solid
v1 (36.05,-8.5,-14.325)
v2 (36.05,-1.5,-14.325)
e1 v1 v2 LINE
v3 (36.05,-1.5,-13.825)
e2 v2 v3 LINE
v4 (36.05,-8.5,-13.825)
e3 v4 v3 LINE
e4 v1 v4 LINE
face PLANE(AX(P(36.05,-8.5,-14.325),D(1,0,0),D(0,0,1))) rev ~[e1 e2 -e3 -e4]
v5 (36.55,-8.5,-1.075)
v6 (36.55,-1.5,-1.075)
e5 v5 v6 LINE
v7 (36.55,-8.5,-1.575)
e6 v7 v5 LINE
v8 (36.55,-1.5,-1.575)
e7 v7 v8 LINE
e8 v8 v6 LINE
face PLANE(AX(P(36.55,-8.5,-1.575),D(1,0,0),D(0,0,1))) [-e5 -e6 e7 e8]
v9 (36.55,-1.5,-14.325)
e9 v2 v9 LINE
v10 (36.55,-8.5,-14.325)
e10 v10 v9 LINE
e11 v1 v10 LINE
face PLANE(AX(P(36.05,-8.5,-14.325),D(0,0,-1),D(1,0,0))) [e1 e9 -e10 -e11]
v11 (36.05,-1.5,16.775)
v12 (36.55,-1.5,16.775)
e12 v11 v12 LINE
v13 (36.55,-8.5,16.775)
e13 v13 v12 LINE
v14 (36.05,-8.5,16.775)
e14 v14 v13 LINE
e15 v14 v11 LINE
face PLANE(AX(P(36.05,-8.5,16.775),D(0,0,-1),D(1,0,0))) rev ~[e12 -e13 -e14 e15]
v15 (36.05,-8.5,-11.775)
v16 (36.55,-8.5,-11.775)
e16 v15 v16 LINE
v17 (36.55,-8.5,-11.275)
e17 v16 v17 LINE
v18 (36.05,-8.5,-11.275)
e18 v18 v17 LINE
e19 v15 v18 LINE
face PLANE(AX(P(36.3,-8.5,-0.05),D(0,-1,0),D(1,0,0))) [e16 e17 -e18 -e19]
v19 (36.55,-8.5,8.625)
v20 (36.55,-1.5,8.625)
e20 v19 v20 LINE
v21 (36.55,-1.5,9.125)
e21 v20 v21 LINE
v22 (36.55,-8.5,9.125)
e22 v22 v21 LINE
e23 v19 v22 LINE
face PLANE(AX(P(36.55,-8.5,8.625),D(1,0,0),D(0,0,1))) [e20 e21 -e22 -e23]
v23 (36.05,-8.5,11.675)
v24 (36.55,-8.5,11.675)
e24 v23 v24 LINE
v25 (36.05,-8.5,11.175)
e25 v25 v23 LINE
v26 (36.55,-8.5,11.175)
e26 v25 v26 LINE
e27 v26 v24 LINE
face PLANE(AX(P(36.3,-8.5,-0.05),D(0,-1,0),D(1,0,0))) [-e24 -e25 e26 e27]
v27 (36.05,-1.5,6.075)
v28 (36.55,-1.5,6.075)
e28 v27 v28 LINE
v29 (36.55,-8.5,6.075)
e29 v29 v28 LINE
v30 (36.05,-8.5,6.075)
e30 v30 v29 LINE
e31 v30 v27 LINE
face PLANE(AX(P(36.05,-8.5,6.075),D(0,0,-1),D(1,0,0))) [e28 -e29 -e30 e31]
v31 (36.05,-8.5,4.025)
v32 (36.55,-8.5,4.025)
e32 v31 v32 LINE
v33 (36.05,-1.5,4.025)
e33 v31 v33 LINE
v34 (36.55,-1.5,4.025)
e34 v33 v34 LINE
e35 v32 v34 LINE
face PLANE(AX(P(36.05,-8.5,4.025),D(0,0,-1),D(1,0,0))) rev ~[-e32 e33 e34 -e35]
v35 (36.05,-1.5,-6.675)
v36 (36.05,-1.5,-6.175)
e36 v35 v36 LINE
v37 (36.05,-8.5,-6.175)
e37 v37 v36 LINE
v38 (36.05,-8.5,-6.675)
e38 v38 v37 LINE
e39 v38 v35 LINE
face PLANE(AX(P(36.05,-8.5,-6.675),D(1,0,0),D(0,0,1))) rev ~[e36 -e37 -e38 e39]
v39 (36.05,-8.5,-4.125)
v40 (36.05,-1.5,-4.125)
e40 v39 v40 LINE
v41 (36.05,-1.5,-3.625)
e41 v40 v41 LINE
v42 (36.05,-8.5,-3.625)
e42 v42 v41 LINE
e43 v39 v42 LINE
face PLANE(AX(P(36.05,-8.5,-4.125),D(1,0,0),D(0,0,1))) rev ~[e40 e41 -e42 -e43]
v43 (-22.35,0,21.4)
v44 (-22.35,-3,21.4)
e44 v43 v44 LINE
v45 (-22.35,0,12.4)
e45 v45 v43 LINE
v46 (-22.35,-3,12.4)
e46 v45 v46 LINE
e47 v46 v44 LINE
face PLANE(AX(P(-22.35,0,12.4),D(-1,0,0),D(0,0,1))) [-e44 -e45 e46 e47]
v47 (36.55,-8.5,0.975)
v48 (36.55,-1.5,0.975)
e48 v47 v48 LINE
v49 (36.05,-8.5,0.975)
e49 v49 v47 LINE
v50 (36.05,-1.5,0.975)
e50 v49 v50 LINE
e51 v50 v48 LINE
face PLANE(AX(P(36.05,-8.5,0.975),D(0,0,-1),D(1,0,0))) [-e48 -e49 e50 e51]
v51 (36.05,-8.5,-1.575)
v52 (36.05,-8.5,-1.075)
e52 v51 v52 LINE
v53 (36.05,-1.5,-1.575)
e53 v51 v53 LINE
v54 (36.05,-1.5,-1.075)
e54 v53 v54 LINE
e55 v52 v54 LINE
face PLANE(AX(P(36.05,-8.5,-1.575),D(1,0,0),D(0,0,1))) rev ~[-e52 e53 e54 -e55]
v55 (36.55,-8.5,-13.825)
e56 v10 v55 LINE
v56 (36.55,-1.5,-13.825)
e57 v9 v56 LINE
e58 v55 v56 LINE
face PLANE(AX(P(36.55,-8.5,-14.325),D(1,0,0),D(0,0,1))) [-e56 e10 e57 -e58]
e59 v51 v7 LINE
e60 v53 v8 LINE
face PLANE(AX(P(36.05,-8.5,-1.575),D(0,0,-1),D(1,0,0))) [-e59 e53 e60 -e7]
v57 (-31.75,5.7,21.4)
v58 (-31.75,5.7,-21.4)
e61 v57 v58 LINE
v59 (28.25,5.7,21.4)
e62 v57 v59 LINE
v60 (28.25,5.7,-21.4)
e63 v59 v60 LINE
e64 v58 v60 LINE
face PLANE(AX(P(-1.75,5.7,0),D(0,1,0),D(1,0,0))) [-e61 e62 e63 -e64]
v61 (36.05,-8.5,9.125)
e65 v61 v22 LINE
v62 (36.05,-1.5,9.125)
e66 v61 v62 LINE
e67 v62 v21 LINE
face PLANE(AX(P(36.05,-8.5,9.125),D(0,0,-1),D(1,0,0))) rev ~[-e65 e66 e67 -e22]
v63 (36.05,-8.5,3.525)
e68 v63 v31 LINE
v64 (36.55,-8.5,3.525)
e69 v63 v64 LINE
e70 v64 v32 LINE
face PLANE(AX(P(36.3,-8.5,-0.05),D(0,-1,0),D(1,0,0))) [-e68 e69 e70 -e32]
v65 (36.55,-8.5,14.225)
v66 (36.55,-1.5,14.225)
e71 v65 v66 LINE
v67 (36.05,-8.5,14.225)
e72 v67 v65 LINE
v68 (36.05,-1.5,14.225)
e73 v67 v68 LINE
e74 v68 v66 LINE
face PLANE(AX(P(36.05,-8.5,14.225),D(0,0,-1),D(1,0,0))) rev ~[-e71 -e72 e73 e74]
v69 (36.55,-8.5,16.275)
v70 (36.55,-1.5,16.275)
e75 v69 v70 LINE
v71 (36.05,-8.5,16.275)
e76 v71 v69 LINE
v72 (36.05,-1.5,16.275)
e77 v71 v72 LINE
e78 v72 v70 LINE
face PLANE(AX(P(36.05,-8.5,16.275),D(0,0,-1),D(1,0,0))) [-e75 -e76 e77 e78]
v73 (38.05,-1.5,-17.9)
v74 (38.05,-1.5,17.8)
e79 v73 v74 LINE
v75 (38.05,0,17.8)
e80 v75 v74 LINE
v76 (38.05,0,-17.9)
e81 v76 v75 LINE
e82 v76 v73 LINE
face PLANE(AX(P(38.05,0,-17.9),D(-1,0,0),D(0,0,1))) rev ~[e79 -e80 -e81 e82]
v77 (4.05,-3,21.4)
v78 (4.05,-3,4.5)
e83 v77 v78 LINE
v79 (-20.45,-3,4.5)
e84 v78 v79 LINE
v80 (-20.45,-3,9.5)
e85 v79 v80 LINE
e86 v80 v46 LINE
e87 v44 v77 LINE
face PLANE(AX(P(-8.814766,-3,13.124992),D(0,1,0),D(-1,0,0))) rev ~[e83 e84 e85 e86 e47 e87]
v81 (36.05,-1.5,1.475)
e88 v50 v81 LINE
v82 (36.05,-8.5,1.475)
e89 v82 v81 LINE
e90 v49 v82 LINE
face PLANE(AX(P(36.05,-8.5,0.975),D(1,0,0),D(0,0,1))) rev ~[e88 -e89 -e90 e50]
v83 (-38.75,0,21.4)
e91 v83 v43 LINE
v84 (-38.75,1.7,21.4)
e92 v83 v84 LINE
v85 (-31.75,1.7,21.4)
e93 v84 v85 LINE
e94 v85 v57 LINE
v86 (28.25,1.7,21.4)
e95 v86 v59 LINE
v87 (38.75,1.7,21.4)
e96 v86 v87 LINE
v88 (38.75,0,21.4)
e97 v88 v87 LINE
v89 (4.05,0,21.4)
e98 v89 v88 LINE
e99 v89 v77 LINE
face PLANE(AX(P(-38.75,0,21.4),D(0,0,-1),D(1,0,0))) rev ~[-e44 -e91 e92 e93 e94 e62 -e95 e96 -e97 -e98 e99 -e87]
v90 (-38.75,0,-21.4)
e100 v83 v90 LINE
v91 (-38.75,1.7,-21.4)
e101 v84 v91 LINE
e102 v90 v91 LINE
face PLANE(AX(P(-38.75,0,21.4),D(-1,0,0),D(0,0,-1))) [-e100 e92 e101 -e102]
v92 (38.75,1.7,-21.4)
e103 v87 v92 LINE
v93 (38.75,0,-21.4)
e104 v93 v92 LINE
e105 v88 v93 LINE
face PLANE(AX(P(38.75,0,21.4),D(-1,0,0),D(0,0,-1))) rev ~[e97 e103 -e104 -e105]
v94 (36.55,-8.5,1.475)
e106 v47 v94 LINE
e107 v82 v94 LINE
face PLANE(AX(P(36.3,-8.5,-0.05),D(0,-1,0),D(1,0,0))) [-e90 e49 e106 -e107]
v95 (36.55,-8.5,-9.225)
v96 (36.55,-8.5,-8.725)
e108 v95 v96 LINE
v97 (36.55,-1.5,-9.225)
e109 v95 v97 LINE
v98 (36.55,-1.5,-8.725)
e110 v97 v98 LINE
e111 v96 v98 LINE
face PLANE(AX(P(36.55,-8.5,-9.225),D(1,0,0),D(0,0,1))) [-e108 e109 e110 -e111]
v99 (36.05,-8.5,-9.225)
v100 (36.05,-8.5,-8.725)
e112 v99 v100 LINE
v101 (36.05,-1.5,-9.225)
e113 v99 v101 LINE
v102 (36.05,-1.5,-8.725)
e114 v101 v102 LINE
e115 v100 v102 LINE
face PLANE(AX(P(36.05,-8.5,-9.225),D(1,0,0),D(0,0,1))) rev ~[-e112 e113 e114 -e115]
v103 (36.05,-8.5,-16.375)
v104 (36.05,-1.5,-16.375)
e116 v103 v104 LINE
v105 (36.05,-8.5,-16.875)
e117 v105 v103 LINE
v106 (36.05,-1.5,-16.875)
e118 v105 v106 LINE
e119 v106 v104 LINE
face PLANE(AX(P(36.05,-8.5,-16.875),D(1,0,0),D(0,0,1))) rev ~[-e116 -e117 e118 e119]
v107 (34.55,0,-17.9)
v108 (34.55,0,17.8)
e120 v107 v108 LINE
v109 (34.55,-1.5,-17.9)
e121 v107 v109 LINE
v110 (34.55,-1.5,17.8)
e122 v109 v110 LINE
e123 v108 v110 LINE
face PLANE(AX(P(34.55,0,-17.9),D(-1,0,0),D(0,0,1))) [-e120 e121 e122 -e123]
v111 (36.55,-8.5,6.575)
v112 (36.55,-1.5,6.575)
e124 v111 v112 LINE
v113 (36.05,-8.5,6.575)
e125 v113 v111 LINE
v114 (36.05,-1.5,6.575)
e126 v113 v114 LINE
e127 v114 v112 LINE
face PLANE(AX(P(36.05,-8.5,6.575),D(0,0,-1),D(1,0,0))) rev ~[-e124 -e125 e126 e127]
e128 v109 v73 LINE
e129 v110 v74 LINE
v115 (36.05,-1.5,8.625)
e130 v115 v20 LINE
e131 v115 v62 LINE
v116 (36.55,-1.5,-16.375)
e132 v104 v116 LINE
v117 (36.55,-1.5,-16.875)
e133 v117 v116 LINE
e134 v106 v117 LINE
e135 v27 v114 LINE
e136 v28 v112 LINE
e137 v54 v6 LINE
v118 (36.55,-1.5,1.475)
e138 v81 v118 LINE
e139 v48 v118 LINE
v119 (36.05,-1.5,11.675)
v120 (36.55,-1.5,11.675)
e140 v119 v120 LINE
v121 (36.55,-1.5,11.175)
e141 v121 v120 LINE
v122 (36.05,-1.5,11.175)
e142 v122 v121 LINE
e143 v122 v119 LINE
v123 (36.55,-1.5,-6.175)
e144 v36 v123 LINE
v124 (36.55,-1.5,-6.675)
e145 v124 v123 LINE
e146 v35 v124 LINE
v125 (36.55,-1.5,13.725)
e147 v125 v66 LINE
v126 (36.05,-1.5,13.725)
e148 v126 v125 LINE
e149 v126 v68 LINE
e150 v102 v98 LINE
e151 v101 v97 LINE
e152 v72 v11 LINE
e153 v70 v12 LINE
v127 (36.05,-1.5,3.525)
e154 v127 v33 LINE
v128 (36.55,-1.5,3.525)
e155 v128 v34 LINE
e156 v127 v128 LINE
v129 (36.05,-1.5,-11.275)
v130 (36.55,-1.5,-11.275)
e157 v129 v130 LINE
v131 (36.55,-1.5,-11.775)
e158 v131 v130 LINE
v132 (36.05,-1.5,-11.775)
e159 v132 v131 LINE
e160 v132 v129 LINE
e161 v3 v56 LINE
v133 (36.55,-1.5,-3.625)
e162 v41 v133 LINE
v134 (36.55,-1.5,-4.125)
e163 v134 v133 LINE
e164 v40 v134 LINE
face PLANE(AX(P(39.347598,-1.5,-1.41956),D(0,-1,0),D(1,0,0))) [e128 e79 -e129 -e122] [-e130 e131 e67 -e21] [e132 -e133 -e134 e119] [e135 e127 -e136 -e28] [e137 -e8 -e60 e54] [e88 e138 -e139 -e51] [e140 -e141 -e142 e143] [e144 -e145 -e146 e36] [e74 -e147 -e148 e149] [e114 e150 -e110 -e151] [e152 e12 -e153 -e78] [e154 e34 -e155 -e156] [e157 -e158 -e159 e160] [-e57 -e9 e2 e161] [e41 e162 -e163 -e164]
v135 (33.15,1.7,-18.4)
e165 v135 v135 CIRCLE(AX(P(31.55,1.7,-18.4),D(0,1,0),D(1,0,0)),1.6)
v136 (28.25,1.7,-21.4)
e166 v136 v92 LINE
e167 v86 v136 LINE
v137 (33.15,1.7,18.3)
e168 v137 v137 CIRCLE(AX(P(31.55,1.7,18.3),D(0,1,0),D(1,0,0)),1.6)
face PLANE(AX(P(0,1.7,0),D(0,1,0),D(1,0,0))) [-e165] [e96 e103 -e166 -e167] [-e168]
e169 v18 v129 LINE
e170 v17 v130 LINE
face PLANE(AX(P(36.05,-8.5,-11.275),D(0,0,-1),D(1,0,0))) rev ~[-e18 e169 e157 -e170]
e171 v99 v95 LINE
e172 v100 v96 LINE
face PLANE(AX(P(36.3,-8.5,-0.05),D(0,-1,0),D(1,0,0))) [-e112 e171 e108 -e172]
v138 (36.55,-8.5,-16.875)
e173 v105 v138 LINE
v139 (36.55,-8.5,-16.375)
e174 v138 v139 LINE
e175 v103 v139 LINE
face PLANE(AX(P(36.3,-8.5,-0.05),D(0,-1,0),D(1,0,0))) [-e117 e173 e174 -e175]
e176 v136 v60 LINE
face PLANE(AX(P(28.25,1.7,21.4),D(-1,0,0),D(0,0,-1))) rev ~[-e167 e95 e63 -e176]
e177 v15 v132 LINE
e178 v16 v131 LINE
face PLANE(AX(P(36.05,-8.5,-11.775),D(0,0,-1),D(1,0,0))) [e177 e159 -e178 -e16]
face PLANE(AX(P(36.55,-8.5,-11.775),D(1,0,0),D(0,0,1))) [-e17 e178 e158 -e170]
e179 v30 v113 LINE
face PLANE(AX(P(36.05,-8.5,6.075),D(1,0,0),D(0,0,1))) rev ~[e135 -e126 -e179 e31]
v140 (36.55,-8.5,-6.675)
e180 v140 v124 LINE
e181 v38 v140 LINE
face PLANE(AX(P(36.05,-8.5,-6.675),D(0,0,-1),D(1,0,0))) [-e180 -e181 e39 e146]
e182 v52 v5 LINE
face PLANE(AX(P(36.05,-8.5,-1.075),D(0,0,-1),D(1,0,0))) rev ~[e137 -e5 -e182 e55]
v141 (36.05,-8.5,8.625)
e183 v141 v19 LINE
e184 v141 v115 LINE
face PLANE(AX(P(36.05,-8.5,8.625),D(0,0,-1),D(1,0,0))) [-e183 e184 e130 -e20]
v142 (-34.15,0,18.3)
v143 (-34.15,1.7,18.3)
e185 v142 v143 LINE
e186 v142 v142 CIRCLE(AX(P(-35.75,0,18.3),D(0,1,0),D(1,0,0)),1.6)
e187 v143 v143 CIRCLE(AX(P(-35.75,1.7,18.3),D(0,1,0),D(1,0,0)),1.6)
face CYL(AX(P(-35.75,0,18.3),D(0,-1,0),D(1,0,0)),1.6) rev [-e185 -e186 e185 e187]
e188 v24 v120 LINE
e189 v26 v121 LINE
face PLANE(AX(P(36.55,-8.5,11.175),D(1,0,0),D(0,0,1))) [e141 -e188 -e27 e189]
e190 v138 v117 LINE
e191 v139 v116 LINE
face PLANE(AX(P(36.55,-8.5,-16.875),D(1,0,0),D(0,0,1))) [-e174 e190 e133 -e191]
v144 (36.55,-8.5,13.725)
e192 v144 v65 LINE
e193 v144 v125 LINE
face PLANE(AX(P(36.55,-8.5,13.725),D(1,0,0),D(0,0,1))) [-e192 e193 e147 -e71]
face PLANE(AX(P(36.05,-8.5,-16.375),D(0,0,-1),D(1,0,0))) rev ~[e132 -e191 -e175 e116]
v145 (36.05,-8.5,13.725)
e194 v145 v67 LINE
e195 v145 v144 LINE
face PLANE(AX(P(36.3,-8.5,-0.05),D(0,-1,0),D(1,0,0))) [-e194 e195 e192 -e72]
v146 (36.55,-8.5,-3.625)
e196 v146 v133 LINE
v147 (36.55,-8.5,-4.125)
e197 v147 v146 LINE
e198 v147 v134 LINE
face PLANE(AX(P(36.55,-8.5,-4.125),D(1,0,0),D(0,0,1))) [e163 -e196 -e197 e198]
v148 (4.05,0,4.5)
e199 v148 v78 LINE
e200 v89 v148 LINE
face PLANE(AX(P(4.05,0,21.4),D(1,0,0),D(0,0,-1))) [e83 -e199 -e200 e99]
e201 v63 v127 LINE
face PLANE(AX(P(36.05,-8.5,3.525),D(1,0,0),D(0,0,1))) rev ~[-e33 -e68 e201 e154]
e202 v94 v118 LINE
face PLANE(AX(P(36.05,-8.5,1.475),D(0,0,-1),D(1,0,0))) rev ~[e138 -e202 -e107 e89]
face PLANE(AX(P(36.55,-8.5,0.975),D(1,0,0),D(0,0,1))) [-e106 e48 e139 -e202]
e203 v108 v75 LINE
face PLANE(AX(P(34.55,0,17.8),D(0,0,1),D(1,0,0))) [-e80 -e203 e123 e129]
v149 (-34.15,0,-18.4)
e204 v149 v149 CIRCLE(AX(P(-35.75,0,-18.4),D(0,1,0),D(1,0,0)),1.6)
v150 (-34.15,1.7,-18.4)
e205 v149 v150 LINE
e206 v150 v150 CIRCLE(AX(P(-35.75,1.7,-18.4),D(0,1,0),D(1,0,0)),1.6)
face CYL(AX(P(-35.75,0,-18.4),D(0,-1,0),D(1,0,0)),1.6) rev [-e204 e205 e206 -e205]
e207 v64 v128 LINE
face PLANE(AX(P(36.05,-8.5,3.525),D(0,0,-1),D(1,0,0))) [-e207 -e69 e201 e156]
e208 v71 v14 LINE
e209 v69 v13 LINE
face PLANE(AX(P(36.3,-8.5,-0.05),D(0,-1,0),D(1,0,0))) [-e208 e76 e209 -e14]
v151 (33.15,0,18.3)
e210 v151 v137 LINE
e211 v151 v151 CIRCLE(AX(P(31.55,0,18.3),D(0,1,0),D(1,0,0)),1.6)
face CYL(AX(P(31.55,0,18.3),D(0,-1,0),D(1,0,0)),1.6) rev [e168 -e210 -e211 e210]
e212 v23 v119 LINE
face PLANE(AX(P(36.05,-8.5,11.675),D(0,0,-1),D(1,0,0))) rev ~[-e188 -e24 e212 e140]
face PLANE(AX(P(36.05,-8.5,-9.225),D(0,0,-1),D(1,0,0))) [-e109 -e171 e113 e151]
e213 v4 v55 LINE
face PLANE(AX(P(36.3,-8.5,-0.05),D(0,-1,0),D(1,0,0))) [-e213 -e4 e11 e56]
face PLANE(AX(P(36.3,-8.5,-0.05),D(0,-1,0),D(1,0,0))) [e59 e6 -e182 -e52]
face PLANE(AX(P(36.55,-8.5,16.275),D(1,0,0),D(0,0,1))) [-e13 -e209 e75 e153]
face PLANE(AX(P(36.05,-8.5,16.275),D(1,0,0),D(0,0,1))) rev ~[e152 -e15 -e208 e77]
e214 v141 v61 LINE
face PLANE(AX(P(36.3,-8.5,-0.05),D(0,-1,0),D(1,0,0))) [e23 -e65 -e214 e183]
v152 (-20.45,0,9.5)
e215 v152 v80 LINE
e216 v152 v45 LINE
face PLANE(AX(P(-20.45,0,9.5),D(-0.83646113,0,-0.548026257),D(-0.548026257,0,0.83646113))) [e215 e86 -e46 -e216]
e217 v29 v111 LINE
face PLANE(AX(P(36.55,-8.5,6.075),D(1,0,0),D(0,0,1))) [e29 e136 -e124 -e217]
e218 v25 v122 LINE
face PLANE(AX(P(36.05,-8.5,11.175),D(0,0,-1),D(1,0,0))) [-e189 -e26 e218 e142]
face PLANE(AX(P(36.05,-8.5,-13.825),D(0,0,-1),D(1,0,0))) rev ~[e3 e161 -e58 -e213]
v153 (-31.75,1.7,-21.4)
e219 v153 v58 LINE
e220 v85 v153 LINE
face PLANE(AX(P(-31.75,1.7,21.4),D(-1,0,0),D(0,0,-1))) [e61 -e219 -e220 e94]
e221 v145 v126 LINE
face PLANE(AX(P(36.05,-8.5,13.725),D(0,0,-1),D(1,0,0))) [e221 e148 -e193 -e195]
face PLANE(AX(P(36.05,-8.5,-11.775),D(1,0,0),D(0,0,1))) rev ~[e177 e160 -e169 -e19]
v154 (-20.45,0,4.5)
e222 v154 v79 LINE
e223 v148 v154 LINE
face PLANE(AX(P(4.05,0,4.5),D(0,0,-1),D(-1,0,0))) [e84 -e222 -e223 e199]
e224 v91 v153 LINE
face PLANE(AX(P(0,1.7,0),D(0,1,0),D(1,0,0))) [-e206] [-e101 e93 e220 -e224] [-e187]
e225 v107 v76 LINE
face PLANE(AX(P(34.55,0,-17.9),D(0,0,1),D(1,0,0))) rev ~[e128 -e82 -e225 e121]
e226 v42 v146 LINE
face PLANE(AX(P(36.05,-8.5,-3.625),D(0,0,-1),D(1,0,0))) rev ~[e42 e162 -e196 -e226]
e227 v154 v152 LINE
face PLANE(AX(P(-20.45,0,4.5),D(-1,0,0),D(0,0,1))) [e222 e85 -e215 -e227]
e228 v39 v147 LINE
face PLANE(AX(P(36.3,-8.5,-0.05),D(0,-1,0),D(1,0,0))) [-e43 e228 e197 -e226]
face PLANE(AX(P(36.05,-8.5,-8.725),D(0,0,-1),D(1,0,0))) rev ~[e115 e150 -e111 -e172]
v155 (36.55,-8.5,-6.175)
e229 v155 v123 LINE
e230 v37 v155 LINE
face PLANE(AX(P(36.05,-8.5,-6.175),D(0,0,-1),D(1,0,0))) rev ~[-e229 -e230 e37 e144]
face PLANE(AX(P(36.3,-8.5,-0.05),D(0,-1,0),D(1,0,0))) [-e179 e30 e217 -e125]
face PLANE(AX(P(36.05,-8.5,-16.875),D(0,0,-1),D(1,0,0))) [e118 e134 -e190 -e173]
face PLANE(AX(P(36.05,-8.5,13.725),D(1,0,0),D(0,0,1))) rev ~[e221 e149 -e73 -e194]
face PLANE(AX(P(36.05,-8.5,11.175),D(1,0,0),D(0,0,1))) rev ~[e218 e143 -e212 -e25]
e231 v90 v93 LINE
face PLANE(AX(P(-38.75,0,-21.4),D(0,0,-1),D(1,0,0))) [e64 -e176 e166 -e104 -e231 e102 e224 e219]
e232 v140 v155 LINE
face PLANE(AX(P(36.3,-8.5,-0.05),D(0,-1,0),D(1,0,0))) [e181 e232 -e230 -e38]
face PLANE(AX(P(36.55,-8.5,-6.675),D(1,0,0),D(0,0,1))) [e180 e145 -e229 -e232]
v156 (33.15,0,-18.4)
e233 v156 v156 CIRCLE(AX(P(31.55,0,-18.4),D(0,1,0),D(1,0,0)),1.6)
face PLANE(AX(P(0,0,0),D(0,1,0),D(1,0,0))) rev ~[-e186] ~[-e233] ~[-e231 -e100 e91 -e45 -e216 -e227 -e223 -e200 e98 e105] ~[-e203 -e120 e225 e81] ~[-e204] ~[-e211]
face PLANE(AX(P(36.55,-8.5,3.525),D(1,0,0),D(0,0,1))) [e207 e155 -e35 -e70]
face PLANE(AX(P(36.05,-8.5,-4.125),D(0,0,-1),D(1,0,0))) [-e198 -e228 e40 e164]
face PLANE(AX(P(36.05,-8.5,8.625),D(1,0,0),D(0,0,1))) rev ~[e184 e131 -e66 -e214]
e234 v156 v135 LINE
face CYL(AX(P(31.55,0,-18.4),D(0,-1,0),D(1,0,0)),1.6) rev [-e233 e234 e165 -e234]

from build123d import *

# Parameters (mm, degrees)
SZKIC1_W                    = 77.5
SZKIC1_H                    = 42.8
SZKIC1_R                    = 1.6
DODANIE_WYCI_GNI_CIE1_DEPTH = 1.7
SZKIC2_W                    = 60
SZKIC2_H                    = 42.8
DODANIE_WYCI_GNI_CIE2_DEPTH = 4
DODANIE_WYCI_GNI_CIE3_DEPTH = 3
SZKIC4_W                    = 3.5
SZKIC4_H                    = 35.7
DODANIE_WYCI_GNI_CIE4_DEPTH = 8.5
SZKIC5_W                    = 20.589223083
SZKIC5_H                    = 59.264583933
SZKIC5_W_2                  = 0.5
SZKIC5_H_2                  = 0.5
WYTNIJ_WYCI_GNI_CIE1_DEPTH  = 7


with BuildPart() as part:
    # Szkic1 → Dodanie-wyciągnięcie1 (new body)
    with BuildSketch(Plane(origin=(0, 0, 0), x_dir=(1, 0, 0), z_dir=(0, 1, 0))):
        Rectangle(SZKIC1_W, SZKIC1_H)
        with Locations((-35.75, 18.4)):
            Circle(SZKIC1_R, mode=Mode.SUBTRACT)
        with Locations((31.55, 18.4)):
            Circle(SZKIC1_R, mode=Mode.SUBTRACT)
        with Locations((31.55, -18.3)):
            Circle(SZKIC1_R, mode=Mode.SUBTRACT)
        with Locations((-35.75, -18.3)):
            Circle(SZKIC1_R, mode=Mode.SUBTRACT)
    extrude(amount=DODANIE_WYCI_GNI_CIE1_DEPTH)

    # Szkic2 → Dodanie-wyciągnięcie2 (add)
    with BuildSketch(Plane(origin=(0, 1.7, 0), x_dir=(1, 0, 0), z_dir=(0, 1, 0))):
        with Locations((-1.75, 0)):
            Rectangle(SZKIC2_W, SZKIC2_H)
    extrude(amount=DODANIE_WYCI_GNI_CIE2_DEPTH)

    # Szkic3 → Dodanie-wyciągnięcie3 (add)
    with BuildSketch(Plane.XZ):
        Polygon((4.05, 21.4), (4.05, 4.5), (-20.45, 4.5), (-20.45, 9.5), (-22.35, 12.4), (-22.35, 21.4), align=None)
    extrude(amount=DODANIE_WYCI_GNI_CIE3_DEPTH)

    # Szkic4 → Dodanie-wyciągnięcie4 (add)
    with BuildSketch(Plane.XZ):
        with Locations((36.3, -0.05)):
            Rectangle(SZKIC4_W, SZKIC4_H)
    extrude(amount=DODANIE_WYCI_GNI_CIE4_DEPTH)

    # Szkic5 → Wytnij-wyciągnięcie1 (cut)
    with BuildSketch(Plane.XZ.offset(8.5)):
        with Locations((39.347598483, -1.41955971)):
            Rectangle(SZKIC5_W, SZKIC5_H)
        with Locations((36.3, 16.525)):
            Rectangle(SZKIC5_W_2, SZKIC5_H_2, mode=Mode.SUBTRACT)
        with Locations((36.3, 13.975)):
            Rectangle(SZKIC5_W_2, SZKIC5_H_2, mode=Mode.SUBTRACT)
        with Locations((36.3, 11.425)):
            Rectangle(SZKIC5_W_2, SZKIC5_H_2, mode=Mode.SUBTRACT)
        with Locations((36.3, 8.875)):
            Rectangle(SZKIC5_W_2, SZKIC5_H_2, mode=Mode.SUBTRACT)
        with Locations((36.3, 6.325)):
            Rectangle(SZKIC5_W_2, SZKIC5_H_2, mode=Mode.SUBTRACT)
        with Locations((36.3, 3.775)):
            Rectangle(SZKIC5_W_2, SZKIC5_H_2, mode=Mode.SUBTRACT)
        with Locations((36.3, 1.225)):
            Rectangle(SZKIC5_W_2, SZKIC5_H_2, mode=Mode.SUBTRACT)
        with Locations((36.3, -1.325)):
            Rectangle(SZKIC5_W_2, SZKIC5_H_2, mode=Mode.SUBTRACT)
        with Locations((36.3, -3.875)):
            Rectangle(SZKIC5_W_2, SZKIC5_H_2, mode=Mode.SUBTRACT)
        with Locations((36.3, -6.425)):
            Rectangle(SZKIC5_W_2, SZKIC5_H_2, mode=Mode.SUBTRACT)
        with Locations((36.3, -8.975)):
            Rectangle(SZKIC5_W_2, SZKIC5_H_2, mode=Mode.SUBTRACT)
        with Locations((36.3, -11.525)):
            Rectangle(SZKIC5_W_2, SZKIC5_H_2, mode=Mode.SUBTRACT)
        with Locations((36.3, -14.075)):
            Rectangle(SZKIC5_W_2, SZKIC5_H_2, mode=Mode.SUBTRACT)
        with Locations((36.3, -16.625)):
            Rectangle(SZKIC5_W_2, SZKIC5_H_2, mode=Mode.SUBTRACT)
    extrude(amount=-WYTNIJ_WYCI_GNI_CIE1_DEPTH, mode=Mode.SUBTRACT)


solid = part.part
